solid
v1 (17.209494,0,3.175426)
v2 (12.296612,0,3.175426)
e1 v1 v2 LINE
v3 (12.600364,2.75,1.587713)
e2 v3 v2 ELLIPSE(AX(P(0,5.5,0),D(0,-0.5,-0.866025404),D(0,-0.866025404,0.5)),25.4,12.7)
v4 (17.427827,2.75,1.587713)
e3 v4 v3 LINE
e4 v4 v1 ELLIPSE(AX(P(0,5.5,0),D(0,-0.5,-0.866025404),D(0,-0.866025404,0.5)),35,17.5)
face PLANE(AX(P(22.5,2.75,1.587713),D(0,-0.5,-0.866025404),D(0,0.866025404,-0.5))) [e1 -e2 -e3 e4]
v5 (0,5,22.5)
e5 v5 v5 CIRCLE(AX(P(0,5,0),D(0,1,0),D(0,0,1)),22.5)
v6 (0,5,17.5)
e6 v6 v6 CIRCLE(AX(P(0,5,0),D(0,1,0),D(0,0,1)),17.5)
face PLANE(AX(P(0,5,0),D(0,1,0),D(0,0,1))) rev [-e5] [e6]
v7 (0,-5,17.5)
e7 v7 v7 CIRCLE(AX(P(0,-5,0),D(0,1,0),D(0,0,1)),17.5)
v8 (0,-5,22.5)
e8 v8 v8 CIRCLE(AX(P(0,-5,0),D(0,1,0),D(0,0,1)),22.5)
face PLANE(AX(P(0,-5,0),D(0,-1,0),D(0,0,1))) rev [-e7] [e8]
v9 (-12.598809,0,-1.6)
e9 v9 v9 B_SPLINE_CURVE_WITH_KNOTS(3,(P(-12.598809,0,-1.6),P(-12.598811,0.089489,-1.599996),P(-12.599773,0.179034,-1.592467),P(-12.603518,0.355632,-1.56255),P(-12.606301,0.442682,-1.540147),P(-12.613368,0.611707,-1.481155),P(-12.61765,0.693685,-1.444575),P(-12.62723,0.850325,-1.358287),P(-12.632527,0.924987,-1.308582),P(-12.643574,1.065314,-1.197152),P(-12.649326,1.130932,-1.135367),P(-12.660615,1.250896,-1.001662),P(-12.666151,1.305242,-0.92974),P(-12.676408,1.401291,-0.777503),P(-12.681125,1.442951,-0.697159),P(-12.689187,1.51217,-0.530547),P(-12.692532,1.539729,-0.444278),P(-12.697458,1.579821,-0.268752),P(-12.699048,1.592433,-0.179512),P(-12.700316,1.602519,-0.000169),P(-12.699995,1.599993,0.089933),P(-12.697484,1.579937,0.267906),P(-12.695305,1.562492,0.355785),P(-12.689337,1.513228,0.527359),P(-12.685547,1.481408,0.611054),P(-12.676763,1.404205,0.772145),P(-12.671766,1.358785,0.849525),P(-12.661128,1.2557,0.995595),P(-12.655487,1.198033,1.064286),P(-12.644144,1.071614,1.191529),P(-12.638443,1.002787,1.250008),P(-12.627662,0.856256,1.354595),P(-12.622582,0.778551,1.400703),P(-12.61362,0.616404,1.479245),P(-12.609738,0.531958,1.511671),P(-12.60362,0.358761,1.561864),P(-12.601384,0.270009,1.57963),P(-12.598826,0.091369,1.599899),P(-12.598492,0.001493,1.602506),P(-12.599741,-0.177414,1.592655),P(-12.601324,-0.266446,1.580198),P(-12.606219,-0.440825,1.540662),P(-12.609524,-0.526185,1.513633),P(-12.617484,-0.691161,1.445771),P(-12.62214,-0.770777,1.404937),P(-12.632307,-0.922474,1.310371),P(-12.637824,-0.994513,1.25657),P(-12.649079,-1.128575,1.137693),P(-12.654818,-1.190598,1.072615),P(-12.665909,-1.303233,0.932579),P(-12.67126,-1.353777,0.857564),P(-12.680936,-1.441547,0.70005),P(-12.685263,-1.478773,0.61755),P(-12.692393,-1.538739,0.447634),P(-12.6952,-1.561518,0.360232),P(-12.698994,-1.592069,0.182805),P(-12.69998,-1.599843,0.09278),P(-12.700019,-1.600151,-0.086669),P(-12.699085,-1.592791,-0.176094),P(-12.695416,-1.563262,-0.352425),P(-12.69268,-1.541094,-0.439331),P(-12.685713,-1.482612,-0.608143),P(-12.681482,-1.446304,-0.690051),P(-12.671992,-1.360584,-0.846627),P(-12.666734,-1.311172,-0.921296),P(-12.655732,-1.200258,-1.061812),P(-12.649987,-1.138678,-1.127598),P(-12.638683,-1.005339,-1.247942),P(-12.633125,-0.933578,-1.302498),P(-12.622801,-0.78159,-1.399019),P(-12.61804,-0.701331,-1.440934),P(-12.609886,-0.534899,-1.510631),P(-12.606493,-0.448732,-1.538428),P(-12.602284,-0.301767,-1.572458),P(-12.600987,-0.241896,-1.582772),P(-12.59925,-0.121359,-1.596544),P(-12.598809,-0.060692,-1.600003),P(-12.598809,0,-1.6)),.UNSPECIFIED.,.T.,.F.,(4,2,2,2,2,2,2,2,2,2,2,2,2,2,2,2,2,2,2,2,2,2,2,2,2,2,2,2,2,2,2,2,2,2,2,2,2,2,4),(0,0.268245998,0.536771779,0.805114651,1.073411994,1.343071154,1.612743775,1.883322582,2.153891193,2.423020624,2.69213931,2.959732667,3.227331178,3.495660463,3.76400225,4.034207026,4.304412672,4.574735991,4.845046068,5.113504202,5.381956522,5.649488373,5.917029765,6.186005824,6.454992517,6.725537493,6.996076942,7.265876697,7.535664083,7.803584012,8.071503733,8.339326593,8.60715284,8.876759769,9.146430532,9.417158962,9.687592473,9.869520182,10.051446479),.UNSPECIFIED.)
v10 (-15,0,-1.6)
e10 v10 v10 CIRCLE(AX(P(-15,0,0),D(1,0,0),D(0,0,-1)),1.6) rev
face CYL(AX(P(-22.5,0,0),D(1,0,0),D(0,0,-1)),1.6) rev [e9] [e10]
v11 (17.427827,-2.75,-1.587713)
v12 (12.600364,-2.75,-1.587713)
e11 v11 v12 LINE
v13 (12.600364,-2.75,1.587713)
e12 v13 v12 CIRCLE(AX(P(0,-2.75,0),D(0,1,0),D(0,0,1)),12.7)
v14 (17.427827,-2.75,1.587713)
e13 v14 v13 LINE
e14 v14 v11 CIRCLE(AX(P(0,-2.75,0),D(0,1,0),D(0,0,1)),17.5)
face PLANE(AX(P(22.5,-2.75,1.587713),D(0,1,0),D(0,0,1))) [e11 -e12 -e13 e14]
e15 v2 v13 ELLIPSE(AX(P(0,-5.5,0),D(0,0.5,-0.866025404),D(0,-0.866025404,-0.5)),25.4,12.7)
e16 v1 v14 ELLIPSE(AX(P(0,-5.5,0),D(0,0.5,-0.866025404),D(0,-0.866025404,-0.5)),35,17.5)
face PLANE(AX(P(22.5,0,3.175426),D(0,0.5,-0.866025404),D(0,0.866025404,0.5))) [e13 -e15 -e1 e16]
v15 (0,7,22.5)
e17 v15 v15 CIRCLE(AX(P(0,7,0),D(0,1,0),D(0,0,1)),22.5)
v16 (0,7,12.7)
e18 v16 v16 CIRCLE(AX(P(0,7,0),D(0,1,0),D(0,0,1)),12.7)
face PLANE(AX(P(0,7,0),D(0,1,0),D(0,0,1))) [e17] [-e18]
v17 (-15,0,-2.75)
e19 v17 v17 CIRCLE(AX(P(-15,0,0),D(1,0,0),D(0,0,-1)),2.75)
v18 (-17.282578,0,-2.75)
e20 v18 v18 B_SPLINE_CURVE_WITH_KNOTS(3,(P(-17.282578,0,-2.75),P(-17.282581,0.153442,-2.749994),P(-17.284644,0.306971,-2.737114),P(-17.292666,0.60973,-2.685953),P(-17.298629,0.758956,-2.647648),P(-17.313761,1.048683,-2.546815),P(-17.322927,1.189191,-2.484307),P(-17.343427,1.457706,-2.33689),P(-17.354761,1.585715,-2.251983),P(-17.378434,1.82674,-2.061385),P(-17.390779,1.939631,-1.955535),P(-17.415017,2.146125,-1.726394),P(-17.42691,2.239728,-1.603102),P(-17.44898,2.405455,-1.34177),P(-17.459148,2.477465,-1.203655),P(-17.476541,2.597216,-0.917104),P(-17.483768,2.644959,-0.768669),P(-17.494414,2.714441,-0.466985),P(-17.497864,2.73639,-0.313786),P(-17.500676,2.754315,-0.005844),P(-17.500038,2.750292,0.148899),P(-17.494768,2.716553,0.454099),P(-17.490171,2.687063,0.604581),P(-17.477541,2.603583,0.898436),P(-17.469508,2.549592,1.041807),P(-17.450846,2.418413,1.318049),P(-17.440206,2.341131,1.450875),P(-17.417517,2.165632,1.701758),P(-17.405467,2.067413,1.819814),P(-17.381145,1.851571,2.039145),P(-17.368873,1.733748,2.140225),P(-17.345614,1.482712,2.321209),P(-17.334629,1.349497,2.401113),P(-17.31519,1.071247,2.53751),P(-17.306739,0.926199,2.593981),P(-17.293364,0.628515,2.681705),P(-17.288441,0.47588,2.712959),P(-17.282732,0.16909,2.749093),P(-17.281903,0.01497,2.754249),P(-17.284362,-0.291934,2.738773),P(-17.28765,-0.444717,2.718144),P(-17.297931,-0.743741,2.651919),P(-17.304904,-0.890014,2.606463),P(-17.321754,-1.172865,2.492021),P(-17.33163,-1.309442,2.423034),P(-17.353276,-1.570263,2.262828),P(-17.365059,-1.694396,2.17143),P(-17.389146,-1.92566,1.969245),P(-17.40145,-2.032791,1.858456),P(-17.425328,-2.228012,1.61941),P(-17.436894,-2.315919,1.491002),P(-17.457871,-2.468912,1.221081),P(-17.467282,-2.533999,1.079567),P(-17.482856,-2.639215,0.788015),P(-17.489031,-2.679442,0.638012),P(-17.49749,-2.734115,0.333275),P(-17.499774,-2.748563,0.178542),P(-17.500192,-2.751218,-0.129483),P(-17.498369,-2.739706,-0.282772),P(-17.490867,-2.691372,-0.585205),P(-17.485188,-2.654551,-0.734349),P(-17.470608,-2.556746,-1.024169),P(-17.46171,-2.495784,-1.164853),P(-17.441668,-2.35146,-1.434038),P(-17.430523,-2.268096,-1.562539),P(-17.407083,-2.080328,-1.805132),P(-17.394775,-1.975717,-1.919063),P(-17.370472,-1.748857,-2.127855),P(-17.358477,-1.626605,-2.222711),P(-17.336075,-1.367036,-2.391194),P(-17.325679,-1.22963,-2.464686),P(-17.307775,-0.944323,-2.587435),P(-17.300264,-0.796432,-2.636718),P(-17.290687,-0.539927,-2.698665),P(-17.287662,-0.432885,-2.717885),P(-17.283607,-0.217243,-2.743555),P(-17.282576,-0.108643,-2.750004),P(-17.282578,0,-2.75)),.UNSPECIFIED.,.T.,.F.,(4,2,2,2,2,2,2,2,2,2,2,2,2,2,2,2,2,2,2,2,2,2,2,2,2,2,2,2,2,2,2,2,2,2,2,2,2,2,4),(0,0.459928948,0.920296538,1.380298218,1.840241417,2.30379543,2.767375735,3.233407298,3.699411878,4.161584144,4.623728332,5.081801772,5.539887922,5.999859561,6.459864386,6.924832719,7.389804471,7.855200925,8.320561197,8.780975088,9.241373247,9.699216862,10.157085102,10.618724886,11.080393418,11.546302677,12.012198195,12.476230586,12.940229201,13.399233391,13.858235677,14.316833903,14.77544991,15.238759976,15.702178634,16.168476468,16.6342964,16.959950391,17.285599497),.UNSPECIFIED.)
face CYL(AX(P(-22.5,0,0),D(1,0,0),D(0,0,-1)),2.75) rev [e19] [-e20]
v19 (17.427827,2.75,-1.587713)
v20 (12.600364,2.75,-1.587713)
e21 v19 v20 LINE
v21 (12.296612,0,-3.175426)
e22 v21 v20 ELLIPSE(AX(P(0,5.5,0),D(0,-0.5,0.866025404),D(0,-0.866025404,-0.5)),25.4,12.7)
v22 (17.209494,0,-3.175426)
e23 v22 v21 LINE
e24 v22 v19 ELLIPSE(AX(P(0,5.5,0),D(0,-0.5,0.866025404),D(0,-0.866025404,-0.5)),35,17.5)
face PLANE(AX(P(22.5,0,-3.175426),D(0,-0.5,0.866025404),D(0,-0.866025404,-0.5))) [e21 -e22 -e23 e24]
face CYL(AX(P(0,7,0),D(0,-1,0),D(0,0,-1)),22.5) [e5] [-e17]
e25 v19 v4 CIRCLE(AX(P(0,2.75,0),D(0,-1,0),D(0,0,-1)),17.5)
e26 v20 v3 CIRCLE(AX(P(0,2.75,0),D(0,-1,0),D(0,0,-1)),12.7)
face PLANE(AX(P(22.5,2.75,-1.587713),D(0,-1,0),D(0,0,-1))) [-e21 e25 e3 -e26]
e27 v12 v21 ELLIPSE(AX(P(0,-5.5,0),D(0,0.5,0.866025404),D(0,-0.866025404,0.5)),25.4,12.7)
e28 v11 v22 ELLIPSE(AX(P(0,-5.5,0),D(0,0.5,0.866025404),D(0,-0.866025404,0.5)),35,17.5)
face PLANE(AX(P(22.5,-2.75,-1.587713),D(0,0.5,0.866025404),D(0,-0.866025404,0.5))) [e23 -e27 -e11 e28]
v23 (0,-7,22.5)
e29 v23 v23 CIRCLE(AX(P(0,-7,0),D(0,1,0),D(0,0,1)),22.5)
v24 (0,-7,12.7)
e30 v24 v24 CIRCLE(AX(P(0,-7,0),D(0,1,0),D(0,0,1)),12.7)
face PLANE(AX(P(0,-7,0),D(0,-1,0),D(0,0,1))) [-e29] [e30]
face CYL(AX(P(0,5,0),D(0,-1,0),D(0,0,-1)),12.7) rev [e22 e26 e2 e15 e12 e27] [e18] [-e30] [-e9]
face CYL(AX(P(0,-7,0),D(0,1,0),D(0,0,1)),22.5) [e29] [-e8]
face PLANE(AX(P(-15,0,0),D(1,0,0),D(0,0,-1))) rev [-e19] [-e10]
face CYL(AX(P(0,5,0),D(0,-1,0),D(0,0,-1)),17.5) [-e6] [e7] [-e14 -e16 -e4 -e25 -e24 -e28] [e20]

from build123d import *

# Parameters (mm, degrees)
SKETCH1_R           = 17.5
SKETCH1_R_2         = 12.7
BOSS_EXTRUDE1_DEPTH = 5
SKETCH2_R           = 22.5
SKETCH2_R_2         = 12.7
BOSS_EXTRUDE2_DEPTH = 2
SKETCH3_R           = 1.6
CUT_EXTRUDE1_DEPTH  = 23.5
CUT_EXTRUDE2_DEPTH  = 23.5
SKETCH5_R           = 2.75
CUT_EXTRUDE3_DEPTH  = 8.5


with BuildPart() as part:
    # Sketch1 → Boss-Extrude1 (new body, symmetric)
    with BuildSketch(Plane(origin=(0, 0, 0), x_dir=(1, 0, 0), z_dir=(0, 1, 0))):
        Circle(SKETCH1_R)
        Circle(SKETCH1_R_2, mode=Mode.SUBTRACT)
    extrude(amount=BOSS_EXTRUDE1_DEPTH, both=True)

    # Sketch2 → Boss-Extrude2 (add)
    with BuildSketch(Plane(origin=(0, 5, 0), x_dir=(1, 0, 0), z_dir=(0, 1, 0))):
        Circle(SKETCH2_R)
        Circle(SKETCH2_R_2, mode=Mode.SUBTRACT)
    boss_extrude2 = extrude(amount=BOSS_EXTRUDE2_DEPTH)

    # Mirror1: Boss-Extrude2 across plane
    add(boss_extrude2.mirror(Plane.ZX))

    # Sketch3 → Cut-Extrude1 (cut, through all)
    with BuildSketch(Plane(origin=(0, 0, 0), x_dir=(0, 0, -1), z_dir=(1, 0, 0))):
        Circle(SKETCH3_R)
    extrude(amount=-CUT_EXTRUDE1_DEPTH, mode=Mode.SUBTRACT)

    # Sketch4 → Cut-Extrude2 (cut, through all)
    with BuildSketch(Plane(origin=(0, 0, 0), x_dir=(0, 0, -1), z_dir=(1, 0, 0))):
        Polygon((3.175426481, 0), (1.58771324, 2.75), (-1.58771324, 2.75), (-3.175426481, 0), (-1.58771324, -2.75), (1.58771324, -2.75), align=None)
    extrude(amount=CUT_EXTRUDE2_DEPTH, mode=Mode.SUBTRACT)

    # Sketch5 → Cut-Extrude3 (cut, through all)
    with BuildSketch(Plane(origin=(-15, 0, 0), x_dir=(0, 0, -1), z_dir=(1, 0, 0))):
        Circle(SKETCH5_R)
    extrude(amount=-CUT_EXTRUDE3_DEPTH, mode=Mode.SUBTRACT)


solid = part.part
